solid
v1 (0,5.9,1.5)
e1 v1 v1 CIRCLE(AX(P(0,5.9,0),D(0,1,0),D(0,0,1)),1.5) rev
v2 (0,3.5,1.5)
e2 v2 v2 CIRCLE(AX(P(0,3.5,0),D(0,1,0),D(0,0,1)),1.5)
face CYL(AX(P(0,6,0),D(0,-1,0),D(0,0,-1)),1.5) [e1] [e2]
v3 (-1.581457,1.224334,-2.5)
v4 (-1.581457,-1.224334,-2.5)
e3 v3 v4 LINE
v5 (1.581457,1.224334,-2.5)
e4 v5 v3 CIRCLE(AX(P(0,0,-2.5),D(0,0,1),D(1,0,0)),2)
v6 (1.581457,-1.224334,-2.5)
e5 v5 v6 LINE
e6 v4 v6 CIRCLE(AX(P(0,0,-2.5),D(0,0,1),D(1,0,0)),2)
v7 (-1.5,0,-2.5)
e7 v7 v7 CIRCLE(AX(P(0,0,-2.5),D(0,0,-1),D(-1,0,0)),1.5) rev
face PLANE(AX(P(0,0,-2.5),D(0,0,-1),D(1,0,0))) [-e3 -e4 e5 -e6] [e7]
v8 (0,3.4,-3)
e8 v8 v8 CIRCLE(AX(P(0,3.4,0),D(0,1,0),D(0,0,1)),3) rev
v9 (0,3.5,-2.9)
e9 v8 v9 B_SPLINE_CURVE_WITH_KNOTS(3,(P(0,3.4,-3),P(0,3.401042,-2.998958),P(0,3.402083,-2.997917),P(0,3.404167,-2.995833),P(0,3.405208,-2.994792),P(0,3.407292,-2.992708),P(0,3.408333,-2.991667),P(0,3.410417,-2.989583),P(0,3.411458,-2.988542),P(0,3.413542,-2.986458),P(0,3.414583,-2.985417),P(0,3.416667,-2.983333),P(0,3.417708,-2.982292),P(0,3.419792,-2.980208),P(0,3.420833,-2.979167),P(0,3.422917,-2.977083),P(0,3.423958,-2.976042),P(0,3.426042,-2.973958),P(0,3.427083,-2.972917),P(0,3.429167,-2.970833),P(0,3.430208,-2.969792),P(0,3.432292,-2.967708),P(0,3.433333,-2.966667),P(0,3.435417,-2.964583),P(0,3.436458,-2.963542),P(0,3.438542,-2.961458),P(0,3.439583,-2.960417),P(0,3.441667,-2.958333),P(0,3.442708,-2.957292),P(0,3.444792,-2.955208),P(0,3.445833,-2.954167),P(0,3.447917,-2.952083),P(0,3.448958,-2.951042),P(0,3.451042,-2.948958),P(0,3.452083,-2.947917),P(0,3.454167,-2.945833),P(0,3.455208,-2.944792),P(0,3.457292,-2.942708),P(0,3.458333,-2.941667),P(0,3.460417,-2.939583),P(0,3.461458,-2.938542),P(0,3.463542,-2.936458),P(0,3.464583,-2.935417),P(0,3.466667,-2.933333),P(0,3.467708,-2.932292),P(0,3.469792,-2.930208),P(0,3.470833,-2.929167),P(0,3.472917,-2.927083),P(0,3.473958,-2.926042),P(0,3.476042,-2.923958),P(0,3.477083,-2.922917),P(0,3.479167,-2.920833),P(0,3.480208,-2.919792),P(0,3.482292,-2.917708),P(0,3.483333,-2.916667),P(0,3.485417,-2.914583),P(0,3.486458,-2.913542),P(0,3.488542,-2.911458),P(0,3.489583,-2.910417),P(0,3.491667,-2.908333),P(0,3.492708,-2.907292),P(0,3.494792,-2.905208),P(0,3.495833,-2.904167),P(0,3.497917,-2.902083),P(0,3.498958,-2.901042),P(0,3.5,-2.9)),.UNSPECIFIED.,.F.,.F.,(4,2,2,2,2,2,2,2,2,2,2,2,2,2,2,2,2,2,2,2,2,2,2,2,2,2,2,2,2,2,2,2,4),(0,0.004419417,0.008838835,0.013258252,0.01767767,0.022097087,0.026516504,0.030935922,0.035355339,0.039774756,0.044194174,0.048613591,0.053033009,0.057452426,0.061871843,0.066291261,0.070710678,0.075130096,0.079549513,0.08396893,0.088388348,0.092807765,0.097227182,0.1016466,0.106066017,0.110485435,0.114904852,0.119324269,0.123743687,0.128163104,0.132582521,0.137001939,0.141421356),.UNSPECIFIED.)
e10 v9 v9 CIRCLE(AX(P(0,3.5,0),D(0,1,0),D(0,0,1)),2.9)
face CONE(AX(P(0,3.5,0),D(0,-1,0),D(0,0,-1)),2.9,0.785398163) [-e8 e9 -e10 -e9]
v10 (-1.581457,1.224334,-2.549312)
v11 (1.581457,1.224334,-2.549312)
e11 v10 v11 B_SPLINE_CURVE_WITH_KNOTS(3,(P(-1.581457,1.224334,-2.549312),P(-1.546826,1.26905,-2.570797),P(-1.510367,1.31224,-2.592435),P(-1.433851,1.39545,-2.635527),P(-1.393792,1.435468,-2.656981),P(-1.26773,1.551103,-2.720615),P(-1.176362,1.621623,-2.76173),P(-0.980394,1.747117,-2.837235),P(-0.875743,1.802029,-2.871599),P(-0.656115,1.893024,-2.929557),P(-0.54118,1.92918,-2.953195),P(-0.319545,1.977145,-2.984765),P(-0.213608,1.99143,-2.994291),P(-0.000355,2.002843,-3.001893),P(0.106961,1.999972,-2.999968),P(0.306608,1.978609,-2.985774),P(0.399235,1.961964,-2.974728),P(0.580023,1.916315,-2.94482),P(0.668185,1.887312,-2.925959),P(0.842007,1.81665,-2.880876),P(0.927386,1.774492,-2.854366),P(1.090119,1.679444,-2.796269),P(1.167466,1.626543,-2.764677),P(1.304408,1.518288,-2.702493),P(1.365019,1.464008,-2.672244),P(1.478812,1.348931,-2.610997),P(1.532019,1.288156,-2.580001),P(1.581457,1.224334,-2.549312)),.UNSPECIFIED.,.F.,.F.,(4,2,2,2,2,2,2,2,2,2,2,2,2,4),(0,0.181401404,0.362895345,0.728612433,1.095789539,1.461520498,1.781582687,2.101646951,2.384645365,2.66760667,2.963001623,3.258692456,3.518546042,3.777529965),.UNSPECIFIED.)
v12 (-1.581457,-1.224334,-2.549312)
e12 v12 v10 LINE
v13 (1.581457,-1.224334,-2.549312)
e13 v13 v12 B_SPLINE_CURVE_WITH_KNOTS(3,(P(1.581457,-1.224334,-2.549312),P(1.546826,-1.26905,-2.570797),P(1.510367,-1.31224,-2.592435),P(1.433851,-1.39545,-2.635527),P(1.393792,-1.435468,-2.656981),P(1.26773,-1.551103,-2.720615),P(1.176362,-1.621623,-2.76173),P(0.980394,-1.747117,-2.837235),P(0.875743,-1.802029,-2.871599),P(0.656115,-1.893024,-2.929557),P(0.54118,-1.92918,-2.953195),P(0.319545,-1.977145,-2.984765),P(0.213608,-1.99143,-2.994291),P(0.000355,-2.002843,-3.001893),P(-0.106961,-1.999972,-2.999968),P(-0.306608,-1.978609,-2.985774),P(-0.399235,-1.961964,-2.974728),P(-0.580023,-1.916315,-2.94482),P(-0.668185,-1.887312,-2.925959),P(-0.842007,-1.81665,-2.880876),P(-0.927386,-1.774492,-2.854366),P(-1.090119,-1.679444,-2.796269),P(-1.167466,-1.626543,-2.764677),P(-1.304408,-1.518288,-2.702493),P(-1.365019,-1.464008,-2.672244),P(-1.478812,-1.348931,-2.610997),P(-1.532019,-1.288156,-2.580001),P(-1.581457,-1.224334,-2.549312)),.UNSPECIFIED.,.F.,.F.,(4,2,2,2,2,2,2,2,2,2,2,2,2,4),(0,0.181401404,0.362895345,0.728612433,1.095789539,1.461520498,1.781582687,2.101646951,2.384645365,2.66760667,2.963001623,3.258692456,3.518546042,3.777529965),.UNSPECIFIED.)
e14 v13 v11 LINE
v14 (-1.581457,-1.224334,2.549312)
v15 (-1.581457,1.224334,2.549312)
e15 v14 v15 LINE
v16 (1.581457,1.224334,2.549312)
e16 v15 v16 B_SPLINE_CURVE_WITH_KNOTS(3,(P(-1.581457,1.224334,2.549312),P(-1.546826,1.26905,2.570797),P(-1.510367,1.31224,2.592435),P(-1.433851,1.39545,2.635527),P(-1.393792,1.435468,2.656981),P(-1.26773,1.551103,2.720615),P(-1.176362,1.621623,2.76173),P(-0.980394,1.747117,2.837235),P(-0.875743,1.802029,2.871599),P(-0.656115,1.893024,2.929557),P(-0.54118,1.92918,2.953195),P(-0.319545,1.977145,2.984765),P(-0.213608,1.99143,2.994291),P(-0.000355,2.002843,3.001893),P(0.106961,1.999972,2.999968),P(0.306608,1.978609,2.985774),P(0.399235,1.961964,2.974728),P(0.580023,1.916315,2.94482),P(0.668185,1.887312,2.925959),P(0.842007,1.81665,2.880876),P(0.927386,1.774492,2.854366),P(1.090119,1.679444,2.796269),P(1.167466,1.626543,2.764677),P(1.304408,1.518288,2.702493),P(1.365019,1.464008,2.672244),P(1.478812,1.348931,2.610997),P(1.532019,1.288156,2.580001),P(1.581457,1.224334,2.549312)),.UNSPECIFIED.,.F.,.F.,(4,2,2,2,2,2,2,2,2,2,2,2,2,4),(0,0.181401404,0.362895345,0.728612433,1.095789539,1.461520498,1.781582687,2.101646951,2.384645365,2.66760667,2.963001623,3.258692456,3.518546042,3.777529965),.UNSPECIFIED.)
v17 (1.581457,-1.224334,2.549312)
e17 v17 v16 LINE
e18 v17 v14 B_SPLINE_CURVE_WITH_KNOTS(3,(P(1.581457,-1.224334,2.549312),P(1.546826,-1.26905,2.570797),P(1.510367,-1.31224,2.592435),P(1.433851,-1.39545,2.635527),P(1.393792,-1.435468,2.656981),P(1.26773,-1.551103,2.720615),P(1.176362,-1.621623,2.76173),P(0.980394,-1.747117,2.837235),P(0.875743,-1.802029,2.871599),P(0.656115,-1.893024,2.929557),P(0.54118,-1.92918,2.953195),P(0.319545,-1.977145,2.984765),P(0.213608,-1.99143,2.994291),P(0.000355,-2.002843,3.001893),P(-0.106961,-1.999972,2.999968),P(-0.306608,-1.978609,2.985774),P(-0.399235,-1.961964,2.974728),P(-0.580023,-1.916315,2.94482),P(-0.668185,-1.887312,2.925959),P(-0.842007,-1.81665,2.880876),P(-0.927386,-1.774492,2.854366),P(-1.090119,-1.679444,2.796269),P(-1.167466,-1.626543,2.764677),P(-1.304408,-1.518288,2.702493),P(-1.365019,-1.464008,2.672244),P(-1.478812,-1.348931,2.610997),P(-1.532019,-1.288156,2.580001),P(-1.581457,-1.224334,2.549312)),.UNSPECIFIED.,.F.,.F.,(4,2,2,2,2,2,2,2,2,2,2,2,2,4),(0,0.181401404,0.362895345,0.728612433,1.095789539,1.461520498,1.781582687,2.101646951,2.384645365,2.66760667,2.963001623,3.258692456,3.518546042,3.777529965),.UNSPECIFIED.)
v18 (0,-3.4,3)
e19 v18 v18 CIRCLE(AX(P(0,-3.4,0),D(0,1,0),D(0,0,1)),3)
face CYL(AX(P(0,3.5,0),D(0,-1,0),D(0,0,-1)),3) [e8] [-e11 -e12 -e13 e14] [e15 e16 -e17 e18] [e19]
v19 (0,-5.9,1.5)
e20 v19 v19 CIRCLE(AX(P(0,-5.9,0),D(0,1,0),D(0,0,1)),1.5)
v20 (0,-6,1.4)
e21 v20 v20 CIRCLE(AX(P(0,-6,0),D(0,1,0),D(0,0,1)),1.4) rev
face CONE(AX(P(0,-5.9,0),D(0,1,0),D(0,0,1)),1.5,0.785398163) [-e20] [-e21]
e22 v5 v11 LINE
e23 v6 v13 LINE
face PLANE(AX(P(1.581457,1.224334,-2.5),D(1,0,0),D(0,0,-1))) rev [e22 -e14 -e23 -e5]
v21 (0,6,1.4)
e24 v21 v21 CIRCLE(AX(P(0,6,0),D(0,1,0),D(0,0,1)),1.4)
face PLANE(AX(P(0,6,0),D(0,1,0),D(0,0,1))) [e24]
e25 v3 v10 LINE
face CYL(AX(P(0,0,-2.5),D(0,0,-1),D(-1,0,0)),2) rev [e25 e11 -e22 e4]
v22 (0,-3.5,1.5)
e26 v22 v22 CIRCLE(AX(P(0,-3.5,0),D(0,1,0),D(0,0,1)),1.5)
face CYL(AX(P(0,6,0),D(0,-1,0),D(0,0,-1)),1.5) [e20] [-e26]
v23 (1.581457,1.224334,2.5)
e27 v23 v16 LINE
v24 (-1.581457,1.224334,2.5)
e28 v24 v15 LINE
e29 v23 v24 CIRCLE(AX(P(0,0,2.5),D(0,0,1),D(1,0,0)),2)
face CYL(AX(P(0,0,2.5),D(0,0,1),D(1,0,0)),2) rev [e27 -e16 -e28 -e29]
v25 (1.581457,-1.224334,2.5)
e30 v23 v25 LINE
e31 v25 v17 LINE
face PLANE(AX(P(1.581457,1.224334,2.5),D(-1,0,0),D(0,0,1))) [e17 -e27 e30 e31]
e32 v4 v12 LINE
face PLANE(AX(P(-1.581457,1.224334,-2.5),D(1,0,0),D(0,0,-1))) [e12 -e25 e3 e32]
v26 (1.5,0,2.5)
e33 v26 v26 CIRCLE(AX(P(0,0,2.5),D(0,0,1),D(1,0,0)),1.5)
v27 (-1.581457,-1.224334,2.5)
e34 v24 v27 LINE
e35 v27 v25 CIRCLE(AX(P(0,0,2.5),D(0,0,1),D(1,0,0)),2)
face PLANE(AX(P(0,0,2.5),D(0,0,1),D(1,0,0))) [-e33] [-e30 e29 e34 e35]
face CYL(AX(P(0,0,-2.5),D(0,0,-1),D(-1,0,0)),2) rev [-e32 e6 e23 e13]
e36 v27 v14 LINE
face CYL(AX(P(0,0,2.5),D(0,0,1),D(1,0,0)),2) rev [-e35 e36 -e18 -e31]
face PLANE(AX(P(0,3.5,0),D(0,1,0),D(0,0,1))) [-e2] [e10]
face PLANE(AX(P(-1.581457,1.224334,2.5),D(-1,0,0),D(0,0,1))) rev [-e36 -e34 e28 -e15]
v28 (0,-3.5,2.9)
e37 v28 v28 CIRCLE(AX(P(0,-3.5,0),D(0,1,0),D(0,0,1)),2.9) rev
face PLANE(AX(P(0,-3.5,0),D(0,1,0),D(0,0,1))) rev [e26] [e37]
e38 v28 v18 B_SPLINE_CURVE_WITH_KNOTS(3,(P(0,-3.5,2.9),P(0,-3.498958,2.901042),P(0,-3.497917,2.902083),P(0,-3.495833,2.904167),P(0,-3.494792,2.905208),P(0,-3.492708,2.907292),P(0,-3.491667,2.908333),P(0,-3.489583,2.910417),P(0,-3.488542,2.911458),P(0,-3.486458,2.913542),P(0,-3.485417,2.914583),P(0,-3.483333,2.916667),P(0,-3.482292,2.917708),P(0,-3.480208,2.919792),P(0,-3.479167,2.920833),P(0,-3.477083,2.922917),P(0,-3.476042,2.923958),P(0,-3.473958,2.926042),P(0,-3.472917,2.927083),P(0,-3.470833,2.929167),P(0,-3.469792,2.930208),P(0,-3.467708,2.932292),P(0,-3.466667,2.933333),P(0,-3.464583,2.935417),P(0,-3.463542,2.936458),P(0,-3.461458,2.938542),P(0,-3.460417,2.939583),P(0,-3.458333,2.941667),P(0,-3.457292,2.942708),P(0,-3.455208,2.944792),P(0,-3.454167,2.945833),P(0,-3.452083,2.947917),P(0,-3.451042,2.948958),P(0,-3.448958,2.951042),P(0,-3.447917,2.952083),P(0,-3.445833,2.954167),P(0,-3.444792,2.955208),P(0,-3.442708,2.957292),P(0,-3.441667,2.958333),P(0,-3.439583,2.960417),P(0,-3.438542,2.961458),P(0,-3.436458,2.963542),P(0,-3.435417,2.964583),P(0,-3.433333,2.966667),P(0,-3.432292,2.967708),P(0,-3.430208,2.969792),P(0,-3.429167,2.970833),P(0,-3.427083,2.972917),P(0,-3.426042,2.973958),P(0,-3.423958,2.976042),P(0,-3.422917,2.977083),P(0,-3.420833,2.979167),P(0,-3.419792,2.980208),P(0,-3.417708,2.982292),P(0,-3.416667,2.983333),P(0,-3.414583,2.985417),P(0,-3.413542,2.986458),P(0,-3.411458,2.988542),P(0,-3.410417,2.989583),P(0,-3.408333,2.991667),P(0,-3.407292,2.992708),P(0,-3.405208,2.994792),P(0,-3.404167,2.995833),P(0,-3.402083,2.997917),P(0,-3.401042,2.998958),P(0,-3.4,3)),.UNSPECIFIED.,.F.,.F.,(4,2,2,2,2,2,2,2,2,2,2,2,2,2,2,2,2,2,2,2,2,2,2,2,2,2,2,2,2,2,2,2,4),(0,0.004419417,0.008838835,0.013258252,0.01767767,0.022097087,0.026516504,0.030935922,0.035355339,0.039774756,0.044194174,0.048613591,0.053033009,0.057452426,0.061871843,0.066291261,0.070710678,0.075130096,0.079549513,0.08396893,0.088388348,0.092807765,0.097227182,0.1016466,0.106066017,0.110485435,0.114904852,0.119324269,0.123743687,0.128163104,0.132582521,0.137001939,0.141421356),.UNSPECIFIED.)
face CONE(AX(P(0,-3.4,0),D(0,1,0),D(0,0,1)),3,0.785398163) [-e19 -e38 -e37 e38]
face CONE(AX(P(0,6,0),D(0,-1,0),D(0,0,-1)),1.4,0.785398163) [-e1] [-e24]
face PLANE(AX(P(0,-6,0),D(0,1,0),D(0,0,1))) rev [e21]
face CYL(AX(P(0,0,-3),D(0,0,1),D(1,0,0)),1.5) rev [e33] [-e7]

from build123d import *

# Parameters (mm, degrees)
SKETCH1_R           = 1.5
BOSS_EXTRUDE1_DEPTH = 6
SKETCH2_R           = 3
BOSS_EXTRUDE2_DEPTH = 3.5
CUT_EXTRUDE1_DEPTH  = 0.5
SKETCH3_3_R         = 1.5
CUT_EXTRUDE2_DEPTH  = 10.0000001
CHAMFER1_SIZE       = 0.1


with BuildPart() as part:
    # Sketch1 → Boss-Extrude1 (new, symmetric)
    with BuildSketch(Plane(origin=(0, 0, 0), x_dir=(1, 0, 0), z_dir=(0, 1, 0))):
        Circle(SKETCH1_R)
    extrude(amount=BOSS_EXTRUDE1_DEPTH, both=True)

    # Sketch2 → Boss-Extrude2 (add, symmetric)
    with BuildSketch(Plane(origin=(0, 0, 0), x_dir=(1, 0, 0), z_dir=(0, 1, 0))):
        Circle(SKETCH2_R)
    extrude(amount=BOSS_EXTRUDE2_DEPTH, both=True)

    # Sketch3 → Cut-Extrude1 (cut)
    with BuildSketch(Plane.XY.offset(3)):
        with BuildLine():
            Line((1.581457004, 1.224334), (1.581457004, -1.224334))
            ThreePointArc((1.581457004, -1.224334), (0, -2), (-1.581457004, -1.224334))
            Line((-1.581457004, -1.224334), (-1.581457004, 1.224334))
            ThreePointArc((-1.581457004, 1.224334), (0, 2), (1.581457004, 1.224334))
        make_face()
    cut_extrude1 = extrude(amount=-CUT_EXTRUDE1_DEPTH, mode=Mode.SUBTRACT)

    # Sketch3<3> → Cut-Extrude2 (cut, through all)
    with BuildSketch(Plane.XY.offset(3)):
        Circle(SKETCH3_3_R)
    extrude(amount=-CUT_EXTRUDE2_DEPTH, mode=Mode.SUBTRACT)

    # Mirror1: Cut-Extrude1 across plane
    add(cut_extrude1.mirror(Plane.XY), mode=Mode.SUBTRACT)

    # Chamfer1
    chamfer1_edges = [part.edges().sort_by_distance(p)[0] for p in [
        (-1.5, 6, 0),
        (-1.5, -6, 0),
        (-3, -3.5, 0),
        (-3, 3.5, 0),
    ]]
    chamfer(chamfer1_edges, length=CHAMFER1_SIZE)


solid = part.part
